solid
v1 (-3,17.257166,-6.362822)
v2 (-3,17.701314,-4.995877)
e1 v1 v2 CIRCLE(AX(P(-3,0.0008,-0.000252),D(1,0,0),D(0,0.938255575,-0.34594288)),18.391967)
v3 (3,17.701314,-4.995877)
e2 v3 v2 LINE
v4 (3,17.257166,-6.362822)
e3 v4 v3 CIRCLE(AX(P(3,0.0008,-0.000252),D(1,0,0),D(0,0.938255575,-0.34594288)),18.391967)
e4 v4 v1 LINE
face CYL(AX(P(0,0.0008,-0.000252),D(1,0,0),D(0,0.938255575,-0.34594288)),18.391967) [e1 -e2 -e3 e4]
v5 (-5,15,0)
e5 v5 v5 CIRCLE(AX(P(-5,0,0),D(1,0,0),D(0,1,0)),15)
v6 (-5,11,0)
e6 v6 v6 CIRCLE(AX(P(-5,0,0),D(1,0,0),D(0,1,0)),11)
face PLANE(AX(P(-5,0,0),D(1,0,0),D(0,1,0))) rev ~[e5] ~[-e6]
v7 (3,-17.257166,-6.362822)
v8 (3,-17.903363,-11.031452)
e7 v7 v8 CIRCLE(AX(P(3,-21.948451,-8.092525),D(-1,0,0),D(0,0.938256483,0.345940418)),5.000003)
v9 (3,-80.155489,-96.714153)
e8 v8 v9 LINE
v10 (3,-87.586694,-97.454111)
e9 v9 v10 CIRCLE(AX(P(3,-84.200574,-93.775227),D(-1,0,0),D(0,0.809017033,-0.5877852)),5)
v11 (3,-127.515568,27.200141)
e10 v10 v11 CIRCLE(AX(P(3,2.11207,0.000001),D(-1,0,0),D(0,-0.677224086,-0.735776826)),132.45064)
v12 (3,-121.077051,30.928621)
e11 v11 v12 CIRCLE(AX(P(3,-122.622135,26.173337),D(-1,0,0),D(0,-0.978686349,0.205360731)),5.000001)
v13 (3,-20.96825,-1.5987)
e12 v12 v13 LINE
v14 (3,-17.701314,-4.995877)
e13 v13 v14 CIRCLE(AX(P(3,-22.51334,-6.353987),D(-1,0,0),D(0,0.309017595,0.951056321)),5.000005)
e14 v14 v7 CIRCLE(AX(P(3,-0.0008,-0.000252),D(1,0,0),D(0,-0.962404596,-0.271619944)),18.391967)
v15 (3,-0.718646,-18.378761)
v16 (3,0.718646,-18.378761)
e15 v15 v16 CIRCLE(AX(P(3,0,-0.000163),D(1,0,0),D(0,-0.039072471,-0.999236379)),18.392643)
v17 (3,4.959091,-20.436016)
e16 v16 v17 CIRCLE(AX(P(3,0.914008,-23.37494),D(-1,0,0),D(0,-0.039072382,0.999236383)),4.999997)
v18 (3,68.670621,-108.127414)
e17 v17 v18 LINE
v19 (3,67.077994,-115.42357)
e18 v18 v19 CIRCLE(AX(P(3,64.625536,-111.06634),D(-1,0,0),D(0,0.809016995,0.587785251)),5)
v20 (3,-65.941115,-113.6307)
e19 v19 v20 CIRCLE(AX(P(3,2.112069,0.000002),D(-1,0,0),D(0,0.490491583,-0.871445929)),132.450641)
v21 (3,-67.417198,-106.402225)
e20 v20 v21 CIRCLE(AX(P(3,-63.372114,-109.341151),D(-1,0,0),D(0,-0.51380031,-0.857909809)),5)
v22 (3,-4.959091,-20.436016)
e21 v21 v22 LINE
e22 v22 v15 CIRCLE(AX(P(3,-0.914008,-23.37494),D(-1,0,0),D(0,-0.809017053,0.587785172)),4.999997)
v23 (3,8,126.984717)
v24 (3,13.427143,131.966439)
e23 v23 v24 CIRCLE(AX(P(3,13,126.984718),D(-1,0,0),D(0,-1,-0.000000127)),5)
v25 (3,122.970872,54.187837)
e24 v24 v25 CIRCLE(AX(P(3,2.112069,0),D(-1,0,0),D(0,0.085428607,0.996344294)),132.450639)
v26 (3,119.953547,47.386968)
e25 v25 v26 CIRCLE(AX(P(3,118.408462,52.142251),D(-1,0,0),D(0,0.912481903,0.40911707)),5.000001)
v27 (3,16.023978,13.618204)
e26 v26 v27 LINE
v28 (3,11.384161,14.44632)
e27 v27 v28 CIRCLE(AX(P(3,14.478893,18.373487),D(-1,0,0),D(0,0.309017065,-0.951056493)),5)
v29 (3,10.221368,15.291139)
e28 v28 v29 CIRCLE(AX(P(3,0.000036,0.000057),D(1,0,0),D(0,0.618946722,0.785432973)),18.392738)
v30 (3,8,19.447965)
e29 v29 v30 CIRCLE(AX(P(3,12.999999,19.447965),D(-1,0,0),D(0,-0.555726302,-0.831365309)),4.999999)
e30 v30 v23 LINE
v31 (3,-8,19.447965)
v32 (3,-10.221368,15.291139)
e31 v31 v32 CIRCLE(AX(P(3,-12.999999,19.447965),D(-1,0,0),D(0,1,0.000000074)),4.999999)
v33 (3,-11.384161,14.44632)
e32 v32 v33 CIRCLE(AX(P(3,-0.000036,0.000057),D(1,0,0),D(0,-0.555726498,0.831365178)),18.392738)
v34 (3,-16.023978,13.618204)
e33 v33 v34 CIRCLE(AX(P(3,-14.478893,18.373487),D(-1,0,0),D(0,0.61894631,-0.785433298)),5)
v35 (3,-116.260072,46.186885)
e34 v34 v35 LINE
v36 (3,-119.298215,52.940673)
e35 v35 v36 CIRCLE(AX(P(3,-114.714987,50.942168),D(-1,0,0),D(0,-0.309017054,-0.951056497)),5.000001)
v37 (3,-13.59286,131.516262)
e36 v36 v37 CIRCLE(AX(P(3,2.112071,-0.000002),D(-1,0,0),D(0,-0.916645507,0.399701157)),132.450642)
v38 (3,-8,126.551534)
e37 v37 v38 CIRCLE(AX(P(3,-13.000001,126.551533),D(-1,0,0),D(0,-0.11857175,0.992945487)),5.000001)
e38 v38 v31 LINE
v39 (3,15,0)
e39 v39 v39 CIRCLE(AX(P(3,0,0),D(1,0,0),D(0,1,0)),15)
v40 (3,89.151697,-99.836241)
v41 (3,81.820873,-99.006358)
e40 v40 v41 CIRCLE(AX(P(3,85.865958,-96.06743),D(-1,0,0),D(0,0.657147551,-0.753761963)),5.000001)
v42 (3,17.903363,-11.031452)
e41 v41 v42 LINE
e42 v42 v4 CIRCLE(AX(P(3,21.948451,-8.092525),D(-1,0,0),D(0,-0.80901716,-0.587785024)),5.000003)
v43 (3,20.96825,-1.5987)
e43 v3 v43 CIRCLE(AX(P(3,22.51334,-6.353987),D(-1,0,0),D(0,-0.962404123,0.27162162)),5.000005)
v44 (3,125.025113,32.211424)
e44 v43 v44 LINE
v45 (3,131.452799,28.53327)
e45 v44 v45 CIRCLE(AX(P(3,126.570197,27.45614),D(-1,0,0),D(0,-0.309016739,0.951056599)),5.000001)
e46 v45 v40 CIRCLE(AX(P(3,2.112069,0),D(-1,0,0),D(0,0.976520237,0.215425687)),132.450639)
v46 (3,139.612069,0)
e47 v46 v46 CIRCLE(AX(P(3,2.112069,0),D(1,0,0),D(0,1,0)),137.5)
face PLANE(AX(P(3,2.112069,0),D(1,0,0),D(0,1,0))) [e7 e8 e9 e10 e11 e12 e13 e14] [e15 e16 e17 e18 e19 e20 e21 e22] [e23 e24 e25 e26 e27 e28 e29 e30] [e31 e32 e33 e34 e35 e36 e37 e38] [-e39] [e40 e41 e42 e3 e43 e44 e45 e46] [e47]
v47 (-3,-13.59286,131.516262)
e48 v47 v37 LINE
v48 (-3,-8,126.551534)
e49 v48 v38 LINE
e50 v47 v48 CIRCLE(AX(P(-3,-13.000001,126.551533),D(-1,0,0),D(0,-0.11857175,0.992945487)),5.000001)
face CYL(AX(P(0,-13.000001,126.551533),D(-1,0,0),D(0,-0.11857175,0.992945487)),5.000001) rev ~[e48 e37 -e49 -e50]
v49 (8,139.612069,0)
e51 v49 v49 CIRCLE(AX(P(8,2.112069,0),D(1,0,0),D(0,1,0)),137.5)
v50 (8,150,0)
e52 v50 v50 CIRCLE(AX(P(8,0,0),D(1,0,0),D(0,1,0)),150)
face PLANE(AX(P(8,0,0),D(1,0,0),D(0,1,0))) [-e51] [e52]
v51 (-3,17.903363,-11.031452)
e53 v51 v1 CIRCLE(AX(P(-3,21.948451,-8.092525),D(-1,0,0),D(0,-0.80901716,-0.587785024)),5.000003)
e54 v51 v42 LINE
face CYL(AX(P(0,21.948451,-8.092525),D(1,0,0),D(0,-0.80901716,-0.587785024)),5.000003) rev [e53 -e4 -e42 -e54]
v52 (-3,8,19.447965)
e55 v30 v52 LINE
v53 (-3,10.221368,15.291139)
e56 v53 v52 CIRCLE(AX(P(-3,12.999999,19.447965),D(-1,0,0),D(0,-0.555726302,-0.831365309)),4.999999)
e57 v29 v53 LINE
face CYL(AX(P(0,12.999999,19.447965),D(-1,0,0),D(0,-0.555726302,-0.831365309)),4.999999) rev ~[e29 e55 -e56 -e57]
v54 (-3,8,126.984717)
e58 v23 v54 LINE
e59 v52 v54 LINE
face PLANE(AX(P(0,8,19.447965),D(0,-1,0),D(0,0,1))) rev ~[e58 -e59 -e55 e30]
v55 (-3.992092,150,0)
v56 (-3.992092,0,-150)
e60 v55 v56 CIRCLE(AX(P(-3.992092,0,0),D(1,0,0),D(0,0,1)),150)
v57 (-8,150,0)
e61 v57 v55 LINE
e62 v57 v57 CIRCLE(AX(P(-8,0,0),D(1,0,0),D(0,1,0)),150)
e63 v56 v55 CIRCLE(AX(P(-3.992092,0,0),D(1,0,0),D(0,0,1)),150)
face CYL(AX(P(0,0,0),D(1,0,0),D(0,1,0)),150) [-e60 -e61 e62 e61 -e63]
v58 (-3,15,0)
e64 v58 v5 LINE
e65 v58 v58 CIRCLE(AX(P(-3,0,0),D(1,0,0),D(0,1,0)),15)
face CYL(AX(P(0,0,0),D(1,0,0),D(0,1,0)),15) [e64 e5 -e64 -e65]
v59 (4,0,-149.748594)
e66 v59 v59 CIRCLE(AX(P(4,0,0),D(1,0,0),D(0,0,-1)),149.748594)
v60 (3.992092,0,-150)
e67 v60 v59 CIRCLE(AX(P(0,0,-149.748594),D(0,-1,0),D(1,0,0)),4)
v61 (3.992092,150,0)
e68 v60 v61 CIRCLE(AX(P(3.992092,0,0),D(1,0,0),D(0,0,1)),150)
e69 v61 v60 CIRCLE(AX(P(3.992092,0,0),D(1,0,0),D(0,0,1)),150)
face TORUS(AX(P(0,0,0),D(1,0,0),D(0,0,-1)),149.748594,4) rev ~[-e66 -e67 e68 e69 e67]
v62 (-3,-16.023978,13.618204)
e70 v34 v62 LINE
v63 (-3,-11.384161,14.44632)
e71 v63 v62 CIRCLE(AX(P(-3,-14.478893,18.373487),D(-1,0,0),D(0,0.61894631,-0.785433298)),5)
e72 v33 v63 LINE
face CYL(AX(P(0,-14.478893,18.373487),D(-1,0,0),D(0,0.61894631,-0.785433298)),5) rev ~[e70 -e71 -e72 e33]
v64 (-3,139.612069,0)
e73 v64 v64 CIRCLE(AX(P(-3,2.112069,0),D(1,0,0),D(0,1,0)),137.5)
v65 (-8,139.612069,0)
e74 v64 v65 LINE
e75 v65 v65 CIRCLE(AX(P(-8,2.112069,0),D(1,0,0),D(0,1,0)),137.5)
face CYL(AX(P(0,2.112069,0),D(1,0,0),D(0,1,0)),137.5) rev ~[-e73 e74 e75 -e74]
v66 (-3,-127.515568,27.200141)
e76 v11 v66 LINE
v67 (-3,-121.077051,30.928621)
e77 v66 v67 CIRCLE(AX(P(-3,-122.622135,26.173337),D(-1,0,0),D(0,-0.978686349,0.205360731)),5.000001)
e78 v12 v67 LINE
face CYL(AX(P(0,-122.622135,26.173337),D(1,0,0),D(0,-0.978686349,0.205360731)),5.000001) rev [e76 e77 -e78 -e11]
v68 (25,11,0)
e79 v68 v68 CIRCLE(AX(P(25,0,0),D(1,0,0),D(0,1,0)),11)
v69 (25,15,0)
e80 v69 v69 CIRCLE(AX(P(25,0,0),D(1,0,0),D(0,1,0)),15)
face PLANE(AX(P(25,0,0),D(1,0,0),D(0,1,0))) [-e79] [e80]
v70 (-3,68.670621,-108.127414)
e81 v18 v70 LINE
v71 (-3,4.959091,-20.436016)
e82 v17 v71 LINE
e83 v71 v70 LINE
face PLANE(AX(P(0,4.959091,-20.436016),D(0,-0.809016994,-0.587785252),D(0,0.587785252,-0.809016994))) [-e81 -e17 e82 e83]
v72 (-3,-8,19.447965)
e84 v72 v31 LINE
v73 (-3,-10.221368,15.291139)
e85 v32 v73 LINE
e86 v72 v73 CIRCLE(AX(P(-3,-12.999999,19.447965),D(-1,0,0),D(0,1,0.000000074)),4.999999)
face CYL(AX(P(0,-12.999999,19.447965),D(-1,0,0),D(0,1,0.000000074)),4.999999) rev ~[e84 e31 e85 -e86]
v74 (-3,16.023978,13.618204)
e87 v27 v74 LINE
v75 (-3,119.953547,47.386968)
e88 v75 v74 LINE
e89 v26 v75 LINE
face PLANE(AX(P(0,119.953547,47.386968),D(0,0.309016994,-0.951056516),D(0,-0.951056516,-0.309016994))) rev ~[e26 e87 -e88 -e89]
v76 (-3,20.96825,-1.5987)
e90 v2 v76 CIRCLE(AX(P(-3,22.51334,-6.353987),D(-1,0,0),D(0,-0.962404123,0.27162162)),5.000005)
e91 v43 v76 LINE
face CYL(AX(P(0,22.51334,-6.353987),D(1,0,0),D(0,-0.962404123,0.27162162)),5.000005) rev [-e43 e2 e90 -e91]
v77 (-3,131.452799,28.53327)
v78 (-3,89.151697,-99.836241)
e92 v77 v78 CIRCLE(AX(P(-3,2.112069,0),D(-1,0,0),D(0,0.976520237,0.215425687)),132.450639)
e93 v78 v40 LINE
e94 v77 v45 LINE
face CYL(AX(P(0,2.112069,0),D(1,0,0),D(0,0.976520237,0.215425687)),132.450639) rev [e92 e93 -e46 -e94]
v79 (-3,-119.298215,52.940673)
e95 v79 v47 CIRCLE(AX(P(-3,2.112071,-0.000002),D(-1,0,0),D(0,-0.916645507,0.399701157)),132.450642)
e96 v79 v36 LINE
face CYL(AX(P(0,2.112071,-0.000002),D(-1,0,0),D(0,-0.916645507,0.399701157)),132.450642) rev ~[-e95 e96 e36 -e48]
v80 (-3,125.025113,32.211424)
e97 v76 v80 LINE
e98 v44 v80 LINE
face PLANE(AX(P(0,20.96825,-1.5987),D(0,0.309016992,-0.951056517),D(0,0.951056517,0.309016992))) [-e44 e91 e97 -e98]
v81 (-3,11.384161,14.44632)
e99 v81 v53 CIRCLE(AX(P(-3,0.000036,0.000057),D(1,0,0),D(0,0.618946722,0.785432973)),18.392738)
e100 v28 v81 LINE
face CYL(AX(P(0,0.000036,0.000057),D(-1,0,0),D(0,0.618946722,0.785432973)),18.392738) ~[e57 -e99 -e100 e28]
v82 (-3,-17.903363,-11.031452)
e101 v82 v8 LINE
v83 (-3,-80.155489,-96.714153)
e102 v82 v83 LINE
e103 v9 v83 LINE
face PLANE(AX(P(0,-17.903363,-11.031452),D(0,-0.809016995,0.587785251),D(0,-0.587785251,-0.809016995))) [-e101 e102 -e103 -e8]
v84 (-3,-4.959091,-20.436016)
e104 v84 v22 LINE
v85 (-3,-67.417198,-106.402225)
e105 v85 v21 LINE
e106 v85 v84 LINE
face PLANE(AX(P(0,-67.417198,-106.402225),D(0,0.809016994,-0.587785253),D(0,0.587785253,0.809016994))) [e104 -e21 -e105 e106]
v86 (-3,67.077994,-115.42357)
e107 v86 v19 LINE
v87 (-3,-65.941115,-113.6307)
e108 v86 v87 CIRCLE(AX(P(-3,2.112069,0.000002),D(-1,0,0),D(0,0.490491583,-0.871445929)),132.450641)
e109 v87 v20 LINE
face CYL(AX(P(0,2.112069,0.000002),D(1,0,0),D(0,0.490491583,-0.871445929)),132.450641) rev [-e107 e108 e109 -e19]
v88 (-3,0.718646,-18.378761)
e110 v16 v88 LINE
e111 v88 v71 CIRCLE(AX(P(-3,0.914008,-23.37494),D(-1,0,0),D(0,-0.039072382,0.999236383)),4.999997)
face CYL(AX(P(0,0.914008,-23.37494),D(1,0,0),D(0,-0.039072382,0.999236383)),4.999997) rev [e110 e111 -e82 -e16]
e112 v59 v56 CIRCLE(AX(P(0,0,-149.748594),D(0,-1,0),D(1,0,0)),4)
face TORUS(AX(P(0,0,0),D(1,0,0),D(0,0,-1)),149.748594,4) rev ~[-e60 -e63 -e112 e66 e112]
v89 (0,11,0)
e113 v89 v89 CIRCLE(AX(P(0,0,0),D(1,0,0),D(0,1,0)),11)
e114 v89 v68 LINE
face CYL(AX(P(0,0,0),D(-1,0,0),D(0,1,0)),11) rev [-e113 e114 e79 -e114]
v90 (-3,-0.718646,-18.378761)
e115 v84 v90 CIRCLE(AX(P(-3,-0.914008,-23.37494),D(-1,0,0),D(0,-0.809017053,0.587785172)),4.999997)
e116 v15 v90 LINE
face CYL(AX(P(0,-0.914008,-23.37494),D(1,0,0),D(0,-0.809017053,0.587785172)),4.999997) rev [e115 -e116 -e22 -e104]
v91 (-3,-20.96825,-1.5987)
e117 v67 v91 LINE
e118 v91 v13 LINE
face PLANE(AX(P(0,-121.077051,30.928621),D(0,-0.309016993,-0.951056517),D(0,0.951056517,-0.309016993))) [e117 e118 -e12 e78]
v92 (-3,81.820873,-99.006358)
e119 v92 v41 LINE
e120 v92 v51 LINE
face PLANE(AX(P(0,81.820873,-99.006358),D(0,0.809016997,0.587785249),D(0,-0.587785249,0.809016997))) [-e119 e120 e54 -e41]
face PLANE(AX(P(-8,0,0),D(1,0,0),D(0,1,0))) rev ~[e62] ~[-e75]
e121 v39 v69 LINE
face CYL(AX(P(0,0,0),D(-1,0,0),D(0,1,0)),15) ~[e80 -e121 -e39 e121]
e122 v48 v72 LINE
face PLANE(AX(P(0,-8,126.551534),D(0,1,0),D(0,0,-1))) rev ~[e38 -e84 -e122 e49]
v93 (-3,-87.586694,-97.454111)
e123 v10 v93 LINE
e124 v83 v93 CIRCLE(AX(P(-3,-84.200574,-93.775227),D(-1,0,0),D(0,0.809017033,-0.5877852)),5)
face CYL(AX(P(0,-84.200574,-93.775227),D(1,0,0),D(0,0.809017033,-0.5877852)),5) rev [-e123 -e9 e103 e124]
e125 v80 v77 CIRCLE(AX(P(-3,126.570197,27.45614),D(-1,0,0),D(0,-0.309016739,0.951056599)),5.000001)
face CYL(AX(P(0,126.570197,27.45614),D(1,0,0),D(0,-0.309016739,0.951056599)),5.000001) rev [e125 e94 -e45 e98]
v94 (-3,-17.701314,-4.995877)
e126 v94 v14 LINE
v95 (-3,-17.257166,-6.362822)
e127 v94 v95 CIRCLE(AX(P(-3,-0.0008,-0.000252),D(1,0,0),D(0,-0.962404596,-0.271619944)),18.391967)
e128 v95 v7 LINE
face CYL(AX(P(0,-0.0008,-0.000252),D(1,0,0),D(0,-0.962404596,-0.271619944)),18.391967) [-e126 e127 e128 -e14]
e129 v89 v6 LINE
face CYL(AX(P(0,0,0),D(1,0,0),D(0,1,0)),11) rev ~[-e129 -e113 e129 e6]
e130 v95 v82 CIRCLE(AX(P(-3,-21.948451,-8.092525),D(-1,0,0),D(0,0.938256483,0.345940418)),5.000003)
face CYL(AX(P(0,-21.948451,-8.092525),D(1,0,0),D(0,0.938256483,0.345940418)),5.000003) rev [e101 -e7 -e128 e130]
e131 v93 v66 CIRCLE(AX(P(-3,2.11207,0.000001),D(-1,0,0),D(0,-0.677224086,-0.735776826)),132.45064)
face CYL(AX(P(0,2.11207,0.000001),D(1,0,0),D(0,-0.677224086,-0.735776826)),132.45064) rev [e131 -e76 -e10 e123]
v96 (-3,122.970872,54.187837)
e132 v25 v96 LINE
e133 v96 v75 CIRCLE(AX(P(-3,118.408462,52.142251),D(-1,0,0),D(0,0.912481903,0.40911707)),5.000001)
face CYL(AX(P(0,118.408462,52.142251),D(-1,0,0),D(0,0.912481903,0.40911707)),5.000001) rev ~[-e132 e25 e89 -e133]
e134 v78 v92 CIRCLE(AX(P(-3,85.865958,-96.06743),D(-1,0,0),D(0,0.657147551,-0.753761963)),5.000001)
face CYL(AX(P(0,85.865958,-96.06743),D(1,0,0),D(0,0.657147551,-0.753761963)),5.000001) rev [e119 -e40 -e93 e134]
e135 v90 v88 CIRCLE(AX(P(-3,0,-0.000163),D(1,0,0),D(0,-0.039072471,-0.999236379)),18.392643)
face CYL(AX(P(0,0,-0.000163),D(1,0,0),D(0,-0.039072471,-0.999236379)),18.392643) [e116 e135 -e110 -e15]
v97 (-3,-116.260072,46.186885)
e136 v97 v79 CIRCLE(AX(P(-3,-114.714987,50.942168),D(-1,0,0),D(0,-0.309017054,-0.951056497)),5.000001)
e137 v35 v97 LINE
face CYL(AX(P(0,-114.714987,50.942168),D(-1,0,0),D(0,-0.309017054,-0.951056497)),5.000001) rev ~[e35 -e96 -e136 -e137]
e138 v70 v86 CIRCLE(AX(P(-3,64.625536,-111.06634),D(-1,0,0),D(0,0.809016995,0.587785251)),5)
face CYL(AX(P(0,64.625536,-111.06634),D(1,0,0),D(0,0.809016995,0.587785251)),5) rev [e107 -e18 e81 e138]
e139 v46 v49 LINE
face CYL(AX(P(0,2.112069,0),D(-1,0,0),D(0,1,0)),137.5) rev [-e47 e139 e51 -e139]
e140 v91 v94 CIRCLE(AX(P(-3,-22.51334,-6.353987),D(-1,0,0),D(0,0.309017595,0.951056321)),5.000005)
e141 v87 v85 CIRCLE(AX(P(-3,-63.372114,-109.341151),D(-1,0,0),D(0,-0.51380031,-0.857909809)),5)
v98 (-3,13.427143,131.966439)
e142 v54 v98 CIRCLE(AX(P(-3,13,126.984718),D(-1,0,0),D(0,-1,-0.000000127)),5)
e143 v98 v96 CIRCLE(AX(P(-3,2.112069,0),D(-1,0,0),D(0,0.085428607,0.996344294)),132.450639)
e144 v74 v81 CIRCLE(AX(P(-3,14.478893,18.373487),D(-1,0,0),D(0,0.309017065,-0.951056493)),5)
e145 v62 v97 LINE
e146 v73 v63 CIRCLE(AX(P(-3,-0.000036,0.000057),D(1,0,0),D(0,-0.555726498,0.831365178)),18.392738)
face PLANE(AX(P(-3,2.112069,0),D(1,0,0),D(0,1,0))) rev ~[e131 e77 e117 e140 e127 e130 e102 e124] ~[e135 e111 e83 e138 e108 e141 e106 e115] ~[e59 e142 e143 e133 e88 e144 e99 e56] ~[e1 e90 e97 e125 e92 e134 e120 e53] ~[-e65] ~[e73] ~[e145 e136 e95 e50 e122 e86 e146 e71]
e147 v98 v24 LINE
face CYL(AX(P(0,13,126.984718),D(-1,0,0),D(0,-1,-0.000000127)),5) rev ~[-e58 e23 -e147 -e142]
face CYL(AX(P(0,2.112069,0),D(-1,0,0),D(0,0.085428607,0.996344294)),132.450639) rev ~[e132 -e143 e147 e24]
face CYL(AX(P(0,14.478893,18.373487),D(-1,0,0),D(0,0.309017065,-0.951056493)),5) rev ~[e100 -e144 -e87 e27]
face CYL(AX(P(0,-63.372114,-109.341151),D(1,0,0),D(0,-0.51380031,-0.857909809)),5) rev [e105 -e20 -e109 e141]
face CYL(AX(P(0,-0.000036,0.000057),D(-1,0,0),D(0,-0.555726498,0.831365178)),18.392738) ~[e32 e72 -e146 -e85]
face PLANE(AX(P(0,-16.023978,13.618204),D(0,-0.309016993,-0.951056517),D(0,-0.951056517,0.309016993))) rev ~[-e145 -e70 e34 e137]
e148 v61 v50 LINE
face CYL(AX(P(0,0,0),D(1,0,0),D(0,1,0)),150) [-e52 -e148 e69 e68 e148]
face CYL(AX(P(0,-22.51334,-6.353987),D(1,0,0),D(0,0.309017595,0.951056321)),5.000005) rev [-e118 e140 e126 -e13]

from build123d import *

# Parameters (mm, degrees)
F0_R          = 150
F0_R_2        = 137.5
F1_DEPTH      = 8
F1_DEPTH_BACK = 8
F0_R_3        = 15
F2_DEPTH      = 3
F2_DEPTH_BACK = 3
F0_R_4        = 11
F3_DEPTH      = 25
F3_DEPTH_BACK = 5
F4_R          = 4


with BuildPart() as f1:
    # F0 (on Right) → F1 (new body, two sides)
    with BuildSketch(Plane.YZ) as f1_sk:
        Circle(F0_R)
        with Locations((2.112069, 0)):
            Circle(F0_R_2, mode=Mode.SUBTRACT)
    extrude(amount=F1_DEPTH)
    extrude(f1_sk.sketch, amount=-F1_DEPTH_BACK)

    # F0 (on Right) → F2 (join, two sides)
    with BuildSketch(Plane.YZ) as f2_sk:
        with Locations((2.112069, 0)):
            Circle(F0_R_2)
        with BuildLine():
            ThreePointArc((-20.96825, -1.5987), (-18.909393, -2.888208), (-17.701314, -4.995877))
            ThreePointArc((-17.701314, -4.995877), (-17.492598, -5.68369), (-17.257166, -6.362822))
            ThreePointArc((-17.257166, -6.362822), (-16.995666, -8.778053), (-17.903363, -11.031452))
            Line((-17.903363, -11.031452), (-80.155489, -96.714153))
            ThreePointArc((-80.155489, -96.714153), (-83.705152, -98.750622), (-87.586694, -97.454111))
            ThreePointArc((-87.586694, -97.454111), (-124.025507, -40.404007), (-127.515568, 27.200141))
            ThreePointArc((-127.515568, 27.200141), (-125.127779, 30.500202), (-121.077051, 30.928621))
            Line((-121.077051, 30.928621), (-20.96825, -1.5987))
        make_face(mode=Mode.SUBTRACT)
        with BuildLine():
            ThreePointArc((67.077994, -115.42357), (0.327024, -132.43861), (-65.941115, -113.6307))
            ThreePointArc((-65.941115, -113.6307), (-68.271016, -110.341527), (-67.417198, -106.402225))
            Line((-67.417198, -106.402225), (-4.959091, -20.436016))
            ThreePointArc((-4.959091, -20.436016), (-3.096475, -18.876406), (-0.718646, -18.378761))
            ThreePointArc((-0.718646, -18.378761), (0, -18.392806), (0.718646, -18.378761))
            ThreePointArc((0.718646, -18.378761), (3.096475, -18.876406), (4.959091, -20.436016))
            Line((4.959091, -20.436016), (68.670621, -108.127414))
            ThreePointArc((68.670621, -108.127414), (69.510512, -112.132647), (67.077994, -115.42357))
        make_face(mode=Mode.SUBTRACT)
        with BuildLine():
            ThreePointArc((131.452799, 28.53327), (127.908721, -41.453278), (89.151697, -99.836241))
            ThreePointArc((89.151697, -99.836241), (85.303528, -101.035698), (81.820873, -99.006358))
            Line((81.820873, -99.006358), (17.903363, -11.031452))
            ThreePointArc((17.903363, -11.031452), (16.995666, -8.778053), (17.257166, -6.362822))
            ThreePointArc((17.257166, -6.362822), (17.492598, -5.68369), (17.701314, -4.995877))
            ThreePointArc((17.701314, -4.995877), (18.909393, -2.888208), (20.96825, -1.5987))
            Line((20.96825, -1.5987), (125.025113, 32.211424))
            ThreePointArc((125.025113, 32.211424), (129.053534, 31.795846), (131.452799, 28.53327))
        make_face(mode=Mode.SUBTRACT)
        with BuildLine():
            ThreePointArc((-119.298215, 52.940673), (-76.904867, 106.299086), (-13.59286, 131.516262))
            ThreePointArc((-13.59286, 131.516262), (-9.680685, 130.290805), (-8, 126.551534))
            Line((-8, 126.551534), (-8, 19.447965))
            ThreePointArc((-8, 19.447965), (-8.590172, 17.091396), (-10.221368, 15.291139))
            ThreePointArc((-10.221368, 15.291139), (-10.81102, 14.880092), (-11.384161, 14.44632))
            ThreePointArc((-11.384161, 14.44632), (-13.600374, 13.451271), (-16.023978, 13.618204))
            Line((-16.023978, 13.618204), (-116.260072, 46.186885))
            ThreePointArc((-116.260072, 46.186885), (-119.274863, 48.890941), (-119.298215, 52.940673))
        make_face(mode=Mode.SUBTRACT)
        Circle(F0_R_3, mode=Mode.SUBTRACT)
        with BuildLine():
            ThreePointArc((13.427143, 131.966439), (78.792322, 107.996809), (122.970872, 54.187837))
            ThreePointArc((122.970872, 54.187837), (122.978837, 50.114524), (119.953547, 47.386968))
            Line((119.953547, 47.386968), (16.023978, 13.618204))
            ThreePointArc((16.023978, 13.618204), (13.600374, 13.451271), (11.384161, 14.44632))
            ThreePointArc((11.384161, 14.44632), (10.81102, 14.880092), (10.221368, 15.291139))
            ThreePointArc((10.221368, 15.291139), (8.590172, 17.091396), (8, 19.447965))
            Line((8, 19.447965), (8, 126.984717))
            ThreePointArc((8, 126.984717), (9.618855, 130.668175), (13.427143, 131.966439))
        make_face(mode=Mode.SUBTRACT)
    extrude(amount=F2_DEPTH)
    extrude(f2_sk.sketch, amount=-F2_DEPTH_BACK)

    # F0 (on Right) → F3 (join, two sides)
    with BuildSketch(Plane.YZ) as f3_sk:
        Circle(F0_R_3)
        Circle(F0_R_4, mode=Mode.SUBTRACT)
    extrude(amount=F3_DEPTH)
    extrude(f3_sk.sketch, amount=-F3_DEPTH_BACK)

    # F4 (on Front) → F5 (revolve, cut)
    with BuildSketch(Plane.XZ):
        with Locations((0, -149.748594)):
            Circle(F4_R)
    revolve(axis=Axis((0, 0, 0), (1, 0, 0)), mode=Mode.SUBTRACT)


solid = f1.part
